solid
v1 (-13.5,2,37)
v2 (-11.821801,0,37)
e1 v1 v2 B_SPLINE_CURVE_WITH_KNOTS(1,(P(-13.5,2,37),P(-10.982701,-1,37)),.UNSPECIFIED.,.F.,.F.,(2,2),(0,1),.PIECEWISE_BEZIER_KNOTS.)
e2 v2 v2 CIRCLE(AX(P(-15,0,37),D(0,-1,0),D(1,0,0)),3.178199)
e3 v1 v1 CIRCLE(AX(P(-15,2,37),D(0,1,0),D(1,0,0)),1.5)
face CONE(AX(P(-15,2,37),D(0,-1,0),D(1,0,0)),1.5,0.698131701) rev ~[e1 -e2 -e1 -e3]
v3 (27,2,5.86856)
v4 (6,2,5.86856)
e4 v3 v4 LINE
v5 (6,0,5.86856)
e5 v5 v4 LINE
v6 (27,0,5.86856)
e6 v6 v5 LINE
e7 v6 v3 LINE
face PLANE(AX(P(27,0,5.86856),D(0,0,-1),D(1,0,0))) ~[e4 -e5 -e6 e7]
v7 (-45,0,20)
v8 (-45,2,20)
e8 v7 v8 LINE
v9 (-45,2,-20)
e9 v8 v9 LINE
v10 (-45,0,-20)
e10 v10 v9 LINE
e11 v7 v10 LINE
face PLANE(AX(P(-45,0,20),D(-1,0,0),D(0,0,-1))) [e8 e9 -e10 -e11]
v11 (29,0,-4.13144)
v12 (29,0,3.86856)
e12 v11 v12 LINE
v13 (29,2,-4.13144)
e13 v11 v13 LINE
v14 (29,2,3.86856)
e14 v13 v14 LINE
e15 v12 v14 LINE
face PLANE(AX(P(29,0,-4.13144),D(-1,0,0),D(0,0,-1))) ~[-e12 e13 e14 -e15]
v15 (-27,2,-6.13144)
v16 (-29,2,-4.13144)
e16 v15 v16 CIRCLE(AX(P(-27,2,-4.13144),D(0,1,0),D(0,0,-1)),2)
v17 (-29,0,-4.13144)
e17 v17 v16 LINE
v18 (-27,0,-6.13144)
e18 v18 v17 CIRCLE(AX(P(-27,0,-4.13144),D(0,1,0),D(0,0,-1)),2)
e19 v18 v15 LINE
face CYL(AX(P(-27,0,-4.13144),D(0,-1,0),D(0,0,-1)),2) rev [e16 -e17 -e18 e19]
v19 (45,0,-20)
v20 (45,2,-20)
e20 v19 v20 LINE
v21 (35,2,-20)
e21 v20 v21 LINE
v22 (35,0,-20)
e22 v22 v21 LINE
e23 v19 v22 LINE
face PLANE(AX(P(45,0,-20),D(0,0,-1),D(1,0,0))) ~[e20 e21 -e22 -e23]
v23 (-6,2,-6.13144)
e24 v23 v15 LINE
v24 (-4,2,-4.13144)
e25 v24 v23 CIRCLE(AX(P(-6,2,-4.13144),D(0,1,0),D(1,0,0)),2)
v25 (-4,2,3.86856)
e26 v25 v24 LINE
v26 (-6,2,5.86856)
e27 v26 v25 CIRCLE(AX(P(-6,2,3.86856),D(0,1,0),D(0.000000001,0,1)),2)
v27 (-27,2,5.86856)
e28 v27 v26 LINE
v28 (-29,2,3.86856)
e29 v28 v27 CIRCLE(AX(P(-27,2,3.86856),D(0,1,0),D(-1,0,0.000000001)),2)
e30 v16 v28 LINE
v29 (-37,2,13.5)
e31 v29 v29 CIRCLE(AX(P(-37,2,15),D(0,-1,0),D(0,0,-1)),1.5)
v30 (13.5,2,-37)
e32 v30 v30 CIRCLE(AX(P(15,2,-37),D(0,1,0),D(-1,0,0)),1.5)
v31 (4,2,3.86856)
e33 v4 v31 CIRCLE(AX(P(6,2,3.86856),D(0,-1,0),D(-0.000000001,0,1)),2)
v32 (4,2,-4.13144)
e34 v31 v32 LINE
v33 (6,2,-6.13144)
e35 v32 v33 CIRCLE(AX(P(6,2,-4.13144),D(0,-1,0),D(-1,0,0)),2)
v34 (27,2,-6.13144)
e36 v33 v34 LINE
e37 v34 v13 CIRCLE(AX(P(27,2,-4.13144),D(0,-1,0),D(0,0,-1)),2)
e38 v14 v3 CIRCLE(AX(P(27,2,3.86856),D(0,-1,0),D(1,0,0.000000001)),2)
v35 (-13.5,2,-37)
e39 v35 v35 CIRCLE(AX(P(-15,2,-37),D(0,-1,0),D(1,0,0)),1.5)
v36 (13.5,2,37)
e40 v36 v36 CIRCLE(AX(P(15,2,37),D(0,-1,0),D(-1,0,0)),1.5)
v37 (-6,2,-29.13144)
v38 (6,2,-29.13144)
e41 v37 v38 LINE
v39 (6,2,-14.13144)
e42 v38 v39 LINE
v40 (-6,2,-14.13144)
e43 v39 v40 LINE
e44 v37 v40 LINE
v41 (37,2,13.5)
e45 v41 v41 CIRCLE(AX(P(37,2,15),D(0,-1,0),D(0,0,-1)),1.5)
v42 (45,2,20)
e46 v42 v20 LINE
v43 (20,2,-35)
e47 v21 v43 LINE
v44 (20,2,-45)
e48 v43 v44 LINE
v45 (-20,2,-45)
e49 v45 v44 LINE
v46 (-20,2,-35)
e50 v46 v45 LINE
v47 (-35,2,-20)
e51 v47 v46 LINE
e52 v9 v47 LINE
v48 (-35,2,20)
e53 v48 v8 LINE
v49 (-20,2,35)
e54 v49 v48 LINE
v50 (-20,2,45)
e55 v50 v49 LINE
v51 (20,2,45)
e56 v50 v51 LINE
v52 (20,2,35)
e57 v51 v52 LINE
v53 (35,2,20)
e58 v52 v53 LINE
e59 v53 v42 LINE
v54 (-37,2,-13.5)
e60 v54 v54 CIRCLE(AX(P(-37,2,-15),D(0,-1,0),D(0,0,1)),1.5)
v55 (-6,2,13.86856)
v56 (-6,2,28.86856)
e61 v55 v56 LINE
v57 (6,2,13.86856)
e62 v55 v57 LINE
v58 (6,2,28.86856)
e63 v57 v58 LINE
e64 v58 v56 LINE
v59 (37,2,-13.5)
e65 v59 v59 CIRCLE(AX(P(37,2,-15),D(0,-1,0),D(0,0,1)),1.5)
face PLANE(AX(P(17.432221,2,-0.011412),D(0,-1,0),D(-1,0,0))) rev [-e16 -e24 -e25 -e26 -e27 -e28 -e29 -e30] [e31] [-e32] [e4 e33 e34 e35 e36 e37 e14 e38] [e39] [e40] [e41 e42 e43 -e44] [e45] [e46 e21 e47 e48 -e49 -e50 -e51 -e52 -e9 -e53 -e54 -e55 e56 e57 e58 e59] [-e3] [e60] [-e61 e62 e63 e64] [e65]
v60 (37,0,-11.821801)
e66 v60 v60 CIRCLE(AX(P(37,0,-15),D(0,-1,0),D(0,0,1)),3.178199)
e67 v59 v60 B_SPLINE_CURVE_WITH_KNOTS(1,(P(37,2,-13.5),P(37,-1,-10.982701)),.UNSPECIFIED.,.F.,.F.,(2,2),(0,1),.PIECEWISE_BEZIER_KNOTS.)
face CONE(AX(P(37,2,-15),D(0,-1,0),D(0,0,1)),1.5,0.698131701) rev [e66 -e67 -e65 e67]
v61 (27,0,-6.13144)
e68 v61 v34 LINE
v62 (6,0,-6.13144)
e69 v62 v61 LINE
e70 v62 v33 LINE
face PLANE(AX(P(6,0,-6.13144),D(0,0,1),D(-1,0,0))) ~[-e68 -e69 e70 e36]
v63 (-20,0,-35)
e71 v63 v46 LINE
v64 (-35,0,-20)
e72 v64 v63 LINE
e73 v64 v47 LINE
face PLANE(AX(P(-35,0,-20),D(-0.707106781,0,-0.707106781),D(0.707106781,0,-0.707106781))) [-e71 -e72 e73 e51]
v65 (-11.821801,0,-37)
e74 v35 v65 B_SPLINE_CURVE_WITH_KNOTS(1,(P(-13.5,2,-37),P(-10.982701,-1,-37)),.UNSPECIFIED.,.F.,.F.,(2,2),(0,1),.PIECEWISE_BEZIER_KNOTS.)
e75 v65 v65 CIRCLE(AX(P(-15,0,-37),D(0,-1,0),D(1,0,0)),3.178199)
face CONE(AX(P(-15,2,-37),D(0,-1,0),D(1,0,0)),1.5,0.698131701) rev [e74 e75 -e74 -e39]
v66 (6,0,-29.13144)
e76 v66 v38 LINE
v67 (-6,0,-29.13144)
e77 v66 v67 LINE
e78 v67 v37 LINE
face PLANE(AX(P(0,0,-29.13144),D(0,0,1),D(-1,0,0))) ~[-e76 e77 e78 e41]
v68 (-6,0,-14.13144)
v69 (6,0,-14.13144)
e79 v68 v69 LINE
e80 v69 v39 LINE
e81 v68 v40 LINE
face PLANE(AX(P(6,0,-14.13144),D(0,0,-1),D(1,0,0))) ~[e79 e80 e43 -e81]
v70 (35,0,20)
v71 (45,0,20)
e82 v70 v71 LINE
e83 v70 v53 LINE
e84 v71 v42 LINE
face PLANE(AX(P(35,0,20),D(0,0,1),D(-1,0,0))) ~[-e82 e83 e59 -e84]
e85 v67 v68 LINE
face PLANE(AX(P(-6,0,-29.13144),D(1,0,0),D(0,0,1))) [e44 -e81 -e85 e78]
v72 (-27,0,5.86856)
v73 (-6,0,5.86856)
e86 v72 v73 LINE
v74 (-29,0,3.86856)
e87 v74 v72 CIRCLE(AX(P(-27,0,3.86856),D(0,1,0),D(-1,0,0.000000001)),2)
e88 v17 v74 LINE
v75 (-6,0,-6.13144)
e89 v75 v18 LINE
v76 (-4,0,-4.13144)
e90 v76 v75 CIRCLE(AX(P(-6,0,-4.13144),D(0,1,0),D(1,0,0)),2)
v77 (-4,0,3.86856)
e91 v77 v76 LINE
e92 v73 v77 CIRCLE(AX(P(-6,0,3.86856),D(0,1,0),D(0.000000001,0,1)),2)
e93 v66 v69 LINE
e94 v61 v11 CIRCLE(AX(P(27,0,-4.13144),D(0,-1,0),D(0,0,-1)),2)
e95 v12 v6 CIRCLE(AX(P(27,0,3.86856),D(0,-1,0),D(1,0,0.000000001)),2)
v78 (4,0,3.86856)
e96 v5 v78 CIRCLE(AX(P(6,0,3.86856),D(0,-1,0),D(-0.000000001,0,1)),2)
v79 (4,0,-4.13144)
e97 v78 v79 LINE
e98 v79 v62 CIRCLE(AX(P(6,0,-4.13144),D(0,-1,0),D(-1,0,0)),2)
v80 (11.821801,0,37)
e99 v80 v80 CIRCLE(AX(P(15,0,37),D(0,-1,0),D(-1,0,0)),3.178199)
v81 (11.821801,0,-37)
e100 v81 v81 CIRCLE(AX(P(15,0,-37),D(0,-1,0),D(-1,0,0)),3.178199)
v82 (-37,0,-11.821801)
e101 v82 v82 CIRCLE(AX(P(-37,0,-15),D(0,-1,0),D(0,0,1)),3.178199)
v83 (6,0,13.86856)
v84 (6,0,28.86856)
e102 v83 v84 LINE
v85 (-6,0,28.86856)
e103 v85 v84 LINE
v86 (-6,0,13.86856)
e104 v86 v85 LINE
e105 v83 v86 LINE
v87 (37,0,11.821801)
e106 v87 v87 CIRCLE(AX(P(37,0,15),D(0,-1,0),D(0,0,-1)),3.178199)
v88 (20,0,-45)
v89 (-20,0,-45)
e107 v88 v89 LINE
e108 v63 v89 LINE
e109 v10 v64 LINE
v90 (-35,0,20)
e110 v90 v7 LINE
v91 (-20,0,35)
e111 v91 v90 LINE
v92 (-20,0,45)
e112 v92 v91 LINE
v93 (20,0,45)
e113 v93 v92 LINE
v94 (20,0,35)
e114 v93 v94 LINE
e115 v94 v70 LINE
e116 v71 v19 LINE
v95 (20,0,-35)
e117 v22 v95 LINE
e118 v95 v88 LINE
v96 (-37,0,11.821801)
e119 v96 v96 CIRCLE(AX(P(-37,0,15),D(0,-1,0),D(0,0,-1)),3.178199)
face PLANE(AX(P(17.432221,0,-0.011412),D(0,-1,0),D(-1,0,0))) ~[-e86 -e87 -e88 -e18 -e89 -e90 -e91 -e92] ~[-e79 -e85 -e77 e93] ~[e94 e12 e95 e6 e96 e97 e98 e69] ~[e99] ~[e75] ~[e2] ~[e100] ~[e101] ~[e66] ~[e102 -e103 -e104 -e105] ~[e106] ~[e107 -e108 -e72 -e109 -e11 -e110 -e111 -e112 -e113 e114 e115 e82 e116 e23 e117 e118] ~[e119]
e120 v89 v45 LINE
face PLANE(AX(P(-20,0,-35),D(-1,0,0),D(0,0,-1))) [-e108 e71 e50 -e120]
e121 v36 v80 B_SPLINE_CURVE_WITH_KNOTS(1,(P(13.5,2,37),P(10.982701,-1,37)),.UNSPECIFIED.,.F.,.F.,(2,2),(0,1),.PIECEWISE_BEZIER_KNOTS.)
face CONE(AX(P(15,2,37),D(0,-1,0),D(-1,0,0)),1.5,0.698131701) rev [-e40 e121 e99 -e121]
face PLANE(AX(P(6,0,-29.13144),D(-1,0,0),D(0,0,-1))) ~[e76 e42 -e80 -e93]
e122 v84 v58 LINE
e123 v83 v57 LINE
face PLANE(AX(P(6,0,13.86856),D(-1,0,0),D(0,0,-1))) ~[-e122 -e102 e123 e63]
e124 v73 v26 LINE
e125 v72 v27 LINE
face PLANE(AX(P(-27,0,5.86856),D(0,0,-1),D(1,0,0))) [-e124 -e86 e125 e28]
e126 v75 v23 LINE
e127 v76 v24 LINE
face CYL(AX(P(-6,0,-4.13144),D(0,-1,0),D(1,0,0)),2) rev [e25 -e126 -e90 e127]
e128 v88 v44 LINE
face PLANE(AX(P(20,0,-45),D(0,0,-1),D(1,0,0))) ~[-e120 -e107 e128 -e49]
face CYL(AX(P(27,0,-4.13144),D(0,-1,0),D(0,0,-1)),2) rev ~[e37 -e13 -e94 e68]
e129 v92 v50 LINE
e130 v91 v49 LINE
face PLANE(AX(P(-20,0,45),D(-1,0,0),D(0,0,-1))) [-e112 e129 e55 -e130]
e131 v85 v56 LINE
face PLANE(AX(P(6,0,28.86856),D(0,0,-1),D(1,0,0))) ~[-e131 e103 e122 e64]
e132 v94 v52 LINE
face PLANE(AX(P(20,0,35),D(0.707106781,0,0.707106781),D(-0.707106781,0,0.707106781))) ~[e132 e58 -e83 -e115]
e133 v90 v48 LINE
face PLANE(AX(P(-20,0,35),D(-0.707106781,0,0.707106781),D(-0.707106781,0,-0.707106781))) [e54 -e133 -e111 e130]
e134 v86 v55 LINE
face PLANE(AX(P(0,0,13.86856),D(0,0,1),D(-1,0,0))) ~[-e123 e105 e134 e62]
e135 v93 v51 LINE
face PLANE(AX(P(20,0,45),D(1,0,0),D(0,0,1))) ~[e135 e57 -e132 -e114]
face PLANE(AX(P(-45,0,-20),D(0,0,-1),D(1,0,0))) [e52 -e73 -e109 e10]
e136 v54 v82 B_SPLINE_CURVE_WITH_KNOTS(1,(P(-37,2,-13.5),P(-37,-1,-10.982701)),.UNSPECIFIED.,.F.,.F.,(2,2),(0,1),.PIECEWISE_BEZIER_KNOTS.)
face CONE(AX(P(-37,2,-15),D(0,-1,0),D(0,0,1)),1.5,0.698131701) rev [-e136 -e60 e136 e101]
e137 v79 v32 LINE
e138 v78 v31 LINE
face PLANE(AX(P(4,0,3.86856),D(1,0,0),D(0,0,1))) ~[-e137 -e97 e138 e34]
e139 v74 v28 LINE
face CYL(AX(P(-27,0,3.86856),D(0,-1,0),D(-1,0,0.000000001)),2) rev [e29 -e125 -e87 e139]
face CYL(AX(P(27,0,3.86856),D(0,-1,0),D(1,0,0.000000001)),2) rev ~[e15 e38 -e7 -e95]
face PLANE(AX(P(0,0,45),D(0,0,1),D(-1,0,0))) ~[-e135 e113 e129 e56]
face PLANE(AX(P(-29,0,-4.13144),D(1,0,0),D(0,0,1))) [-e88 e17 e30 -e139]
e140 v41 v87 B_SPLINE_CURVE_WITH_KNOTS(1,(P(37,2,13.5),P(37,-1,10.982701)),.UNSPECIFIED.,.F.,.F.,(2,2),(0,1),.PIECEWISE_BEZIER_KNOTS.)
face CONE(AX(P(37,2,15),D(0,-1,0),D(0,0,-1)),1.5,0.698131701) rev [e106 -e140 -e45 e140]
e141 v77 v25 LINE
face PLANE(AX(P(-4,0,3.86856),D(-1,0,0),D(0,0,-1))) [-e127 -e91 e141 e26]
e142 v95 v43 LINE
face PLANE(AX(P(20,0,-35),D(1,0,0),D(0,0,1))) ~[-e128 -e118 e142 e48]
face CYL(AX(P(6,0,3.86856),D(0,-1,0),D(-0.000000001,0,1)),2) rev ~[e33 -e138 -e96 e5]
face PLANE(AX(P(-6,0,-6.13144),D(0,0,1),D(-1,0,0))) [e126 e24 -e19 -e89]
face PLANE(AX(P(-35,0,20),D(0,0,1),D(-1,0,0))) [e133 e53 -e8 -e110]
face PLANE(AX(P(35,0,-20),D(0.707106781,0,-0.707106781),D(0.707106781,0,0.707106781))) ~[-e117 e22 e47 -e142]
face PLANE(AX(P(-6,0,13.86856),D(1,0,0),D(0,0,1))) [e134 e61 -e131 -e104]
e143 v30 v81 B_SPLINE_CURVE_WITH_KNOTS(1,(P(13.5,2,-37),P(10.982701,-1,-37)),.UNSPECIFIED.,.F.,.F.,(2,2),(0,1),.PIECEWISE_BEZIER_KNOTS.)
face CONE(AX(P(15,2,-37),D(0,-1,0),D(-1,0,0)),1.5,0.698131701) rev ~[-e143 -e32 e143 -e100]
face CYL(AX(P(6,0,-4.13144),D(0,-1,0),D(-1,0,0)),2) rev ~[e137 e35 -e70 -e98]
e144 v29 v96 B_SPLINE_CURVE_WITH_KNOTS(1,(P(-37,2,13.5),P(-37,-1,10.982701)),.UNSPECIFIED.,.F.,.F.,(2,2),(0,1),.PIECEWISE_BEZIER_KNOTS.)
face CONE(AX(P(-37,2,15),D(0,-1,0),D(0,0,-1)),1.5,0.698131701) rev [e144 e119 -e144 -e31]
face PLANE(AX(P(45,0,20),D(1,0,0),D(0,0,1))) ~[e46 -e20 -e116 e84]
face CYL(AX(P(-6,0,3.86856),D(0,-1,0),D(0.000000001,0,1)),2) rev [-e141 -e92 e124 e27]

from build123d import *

# Parameters (mm, degrees)
RESSALTO_EXTRUS_O1_DEPTH        = 2
ESBO_O2_R                       = 1.5
CORTE_EXTRUS_O1_DEPTH           = 3
CORTE_EXTRUS_O1_TAPER           = -40
ESPELHAR3_COPY_1_SKETCH_R       = 1.5
ESPELHAR3_COPY_1_DEPTH          = 3
ESPELHAR3_COPY_1_TAPER          = -40
PADR_OCIRCULAR1_COUNT           = 2
PADR_OCIRCULAR1_ANGLE           = 90
PADR_OCIRCULAR1_COPY_1_SKETCH_R = 1.5
PADR_OCIRCULAR1_COPY_1_DEPTH    = 3
PADR_OCIRCULAR1_COPY_1_TAPER    = -40
PADR_OCIRCULAR1_COPY_2_SKETCH_R = 1.5
PADR_OCIRCULAR1_COPY_2_DEPTH    = 3
PADR_OCIRCULAR1_COPY_2_TAPER    = -40
PADR_OCIRCULAR1_COPY_3_SKETCH_R = 1.5
PADR_OCIRCULAR1_COPY_3_DEPTH    = 3
PADR_OCIRCULAR1_COPY_3_TAPER    = -40


with BuildPart() as part:
    # Esboço1 → Ressalto-extrusão1 (new body)
    with BuildSketch(Plane(origin=(0, 0, 0), x_dir=(1, 0, 0), z_dir=(0, 1, 0))):
        Polygon((-20, 35), (-20, 45), (0, 45), (0, 29.131440421), (-6, 29.131440421), (-6, 14.131440421), (0, 14.131440421), (0, -13.868559579), (-6, -13.868559579), (-6, -28.868559579), (0, -28.868559579), (0, -45), (-20, -45), (-20, -35), (-35, -20), (-45, -20), (-45, 20), (-35, 20), align=None)
        with BuildLine():
            Line((-27, -5.868559579), (-6, -5.868559579))
            ThreePointArc((-6, -5.868559579), (-4.585786438, -5.282773141), (-4, -3.868559579))
            Line((-4, -3.868559579), (-4, 4.131440421))
            ThreePointArc((-4, 4.131440421), (-4.585786438, 5.545653984), (-6, 6.131440421))
            Line((-6, 6.131440421), (-27, 6.131440421))
            ThreePointArc((-27, 6.131440421), (-28.414213562, 5.545653984), (-29, 4.131440421))
            Line((-29, 4.131440421), (-29, -3.868559579))
            ThreePointArc((-29, -3.868559579), (-28.414213562, -5.282773141), (-27, -5.868559579))
        make_face(mode=Mode.SUBTRACT)
    ressalto_extrus_o1 = extrude(amount=RESSALTO_EXTRUS_O1_DEPTH)

    # Espelhar1: Ressalto-extrusão1 across plane
    add(ressalto_extrus_o1.mirror(Plane(origin=(0, 0, 0), x_dir=(0, 0, 1), z_dir=(1, 0, 0))))

    # Esboço2 → Corte-extrusão1 (cut, through all)
    with BuildSketch(Plane(origin=(0, 2, 0), x_dir=(1, 0, 0), z_dir=(0, 1, 0))):
        with Locations((-15, 37)):
            Circle(ESBO_O2_R)
    corte_extrus_o1 = extrude(amount=-CORTE_EXTRUS_O1_DEPTH, taper=CORTE_EXTRUS_O1_TAPER, mode=Mode.SUBTRACT)

    # Espelhar2: Corte-extrusão1 across plane
    add(corte_extrus_o1.mirror(Plane(origin=(0, 0, 0), x_dir=(0, 0, 1), z_dir=(1, 0, 0))), mode=Mode.SUBTRACT)

    # Espelhar3: Corte-extrusão1 across plane
    add(corte_extrus_o1.mirror(Plane.XY), mode=Mode.SUBTRACT)

    # Espelhar3 copy 1 sketch → Espelhar3 copy 1 (cut, through all)
    with BuildSketch(Plane(origin=(0, 2, 0), x_dir=(-1, 0, 0), z_dir=(0, 1, 0))):
        with Locations((-15, 37)):
            Circle(ESPELHAR3_COPY_1_SKETCH_R)
    extrude(amount=-ESPELHAR3_COPY_1_DEPTH, taper=ESPELHAR3_COPY_1_TAPER, mode=Mode.SUBTRACT)

    # PadrãoCircular1: Corte-extrusão1 ×2 about axis
    padr_ocircular1_axis = Axis((0, 0, 0), (0, -1, 0))
    for i in range(1, PADR_OCIRCULAR1_COUNT):
        add(corte_extrus_o1.rotate(padr_ocircular1_axis, i * PADR_OCIRCULAR1_ANGLE / (PADR_OCIRCULAR1_COUNT - 1)), mode=Mode.SUBTRACT)

    # PadrãoCircular1 copy 1 sketch → PadrãoCircular1 copy 1 (cut, through all)
    with BuildSketch(Plane.ZX.offset(2)):
        with Locations((-15, -37)):
            Circle(PADR_OCIRCULAR1_COPY_1_SKETCH_R)
    extrude(amount=-PADR_OCIRCULAR1_COPY_1_DEPTH, taper=PADR_OCIRCULAR1_COPY_1_TAPER, mode=Mode.SUBTRACT)

    # PadrãoCircular1 copy 2 sketch → PadrãoCircular1 copy 2 (cut, through all)
    with BuildSketch(Plane(origin=(0, 2, 0), x_dir=(0, 0, -1), z_dir=(0, 1, 0))):
        with Locations((-15, 37)):
            Circle(PADR_OCIRCULAR1_COPY_2_SKETCH_R)
    extrude(amount=-PADR_OCIRCULAR1_COPY_2_DEPTH, taper=PADR_OCIRCULAR1_COPY_2_TAPER, mode=Mode.SUBTRACT)

    # PadrãoCircular1 copy 3 sketch → PadrãoCircular1 copy 3 (cut, through all)
    with BuildSketch(Plane(origin=(0, 2, 0), x_dir=(0, 0, -1), z_dir=(0, 1, 0))):
        with Locations((-15, -37)):
            Circle(PADR_OCIRCULAR1_COPY_3_SKETCH_R)
    extrude(amount=-PADR_OCIRCULAR1_COPY_3_DEPTH, taper=PADR_OCIRCULAR1_COPY_3_TAPER, mode=Mode.SUBTRACT)


solid = part.part
